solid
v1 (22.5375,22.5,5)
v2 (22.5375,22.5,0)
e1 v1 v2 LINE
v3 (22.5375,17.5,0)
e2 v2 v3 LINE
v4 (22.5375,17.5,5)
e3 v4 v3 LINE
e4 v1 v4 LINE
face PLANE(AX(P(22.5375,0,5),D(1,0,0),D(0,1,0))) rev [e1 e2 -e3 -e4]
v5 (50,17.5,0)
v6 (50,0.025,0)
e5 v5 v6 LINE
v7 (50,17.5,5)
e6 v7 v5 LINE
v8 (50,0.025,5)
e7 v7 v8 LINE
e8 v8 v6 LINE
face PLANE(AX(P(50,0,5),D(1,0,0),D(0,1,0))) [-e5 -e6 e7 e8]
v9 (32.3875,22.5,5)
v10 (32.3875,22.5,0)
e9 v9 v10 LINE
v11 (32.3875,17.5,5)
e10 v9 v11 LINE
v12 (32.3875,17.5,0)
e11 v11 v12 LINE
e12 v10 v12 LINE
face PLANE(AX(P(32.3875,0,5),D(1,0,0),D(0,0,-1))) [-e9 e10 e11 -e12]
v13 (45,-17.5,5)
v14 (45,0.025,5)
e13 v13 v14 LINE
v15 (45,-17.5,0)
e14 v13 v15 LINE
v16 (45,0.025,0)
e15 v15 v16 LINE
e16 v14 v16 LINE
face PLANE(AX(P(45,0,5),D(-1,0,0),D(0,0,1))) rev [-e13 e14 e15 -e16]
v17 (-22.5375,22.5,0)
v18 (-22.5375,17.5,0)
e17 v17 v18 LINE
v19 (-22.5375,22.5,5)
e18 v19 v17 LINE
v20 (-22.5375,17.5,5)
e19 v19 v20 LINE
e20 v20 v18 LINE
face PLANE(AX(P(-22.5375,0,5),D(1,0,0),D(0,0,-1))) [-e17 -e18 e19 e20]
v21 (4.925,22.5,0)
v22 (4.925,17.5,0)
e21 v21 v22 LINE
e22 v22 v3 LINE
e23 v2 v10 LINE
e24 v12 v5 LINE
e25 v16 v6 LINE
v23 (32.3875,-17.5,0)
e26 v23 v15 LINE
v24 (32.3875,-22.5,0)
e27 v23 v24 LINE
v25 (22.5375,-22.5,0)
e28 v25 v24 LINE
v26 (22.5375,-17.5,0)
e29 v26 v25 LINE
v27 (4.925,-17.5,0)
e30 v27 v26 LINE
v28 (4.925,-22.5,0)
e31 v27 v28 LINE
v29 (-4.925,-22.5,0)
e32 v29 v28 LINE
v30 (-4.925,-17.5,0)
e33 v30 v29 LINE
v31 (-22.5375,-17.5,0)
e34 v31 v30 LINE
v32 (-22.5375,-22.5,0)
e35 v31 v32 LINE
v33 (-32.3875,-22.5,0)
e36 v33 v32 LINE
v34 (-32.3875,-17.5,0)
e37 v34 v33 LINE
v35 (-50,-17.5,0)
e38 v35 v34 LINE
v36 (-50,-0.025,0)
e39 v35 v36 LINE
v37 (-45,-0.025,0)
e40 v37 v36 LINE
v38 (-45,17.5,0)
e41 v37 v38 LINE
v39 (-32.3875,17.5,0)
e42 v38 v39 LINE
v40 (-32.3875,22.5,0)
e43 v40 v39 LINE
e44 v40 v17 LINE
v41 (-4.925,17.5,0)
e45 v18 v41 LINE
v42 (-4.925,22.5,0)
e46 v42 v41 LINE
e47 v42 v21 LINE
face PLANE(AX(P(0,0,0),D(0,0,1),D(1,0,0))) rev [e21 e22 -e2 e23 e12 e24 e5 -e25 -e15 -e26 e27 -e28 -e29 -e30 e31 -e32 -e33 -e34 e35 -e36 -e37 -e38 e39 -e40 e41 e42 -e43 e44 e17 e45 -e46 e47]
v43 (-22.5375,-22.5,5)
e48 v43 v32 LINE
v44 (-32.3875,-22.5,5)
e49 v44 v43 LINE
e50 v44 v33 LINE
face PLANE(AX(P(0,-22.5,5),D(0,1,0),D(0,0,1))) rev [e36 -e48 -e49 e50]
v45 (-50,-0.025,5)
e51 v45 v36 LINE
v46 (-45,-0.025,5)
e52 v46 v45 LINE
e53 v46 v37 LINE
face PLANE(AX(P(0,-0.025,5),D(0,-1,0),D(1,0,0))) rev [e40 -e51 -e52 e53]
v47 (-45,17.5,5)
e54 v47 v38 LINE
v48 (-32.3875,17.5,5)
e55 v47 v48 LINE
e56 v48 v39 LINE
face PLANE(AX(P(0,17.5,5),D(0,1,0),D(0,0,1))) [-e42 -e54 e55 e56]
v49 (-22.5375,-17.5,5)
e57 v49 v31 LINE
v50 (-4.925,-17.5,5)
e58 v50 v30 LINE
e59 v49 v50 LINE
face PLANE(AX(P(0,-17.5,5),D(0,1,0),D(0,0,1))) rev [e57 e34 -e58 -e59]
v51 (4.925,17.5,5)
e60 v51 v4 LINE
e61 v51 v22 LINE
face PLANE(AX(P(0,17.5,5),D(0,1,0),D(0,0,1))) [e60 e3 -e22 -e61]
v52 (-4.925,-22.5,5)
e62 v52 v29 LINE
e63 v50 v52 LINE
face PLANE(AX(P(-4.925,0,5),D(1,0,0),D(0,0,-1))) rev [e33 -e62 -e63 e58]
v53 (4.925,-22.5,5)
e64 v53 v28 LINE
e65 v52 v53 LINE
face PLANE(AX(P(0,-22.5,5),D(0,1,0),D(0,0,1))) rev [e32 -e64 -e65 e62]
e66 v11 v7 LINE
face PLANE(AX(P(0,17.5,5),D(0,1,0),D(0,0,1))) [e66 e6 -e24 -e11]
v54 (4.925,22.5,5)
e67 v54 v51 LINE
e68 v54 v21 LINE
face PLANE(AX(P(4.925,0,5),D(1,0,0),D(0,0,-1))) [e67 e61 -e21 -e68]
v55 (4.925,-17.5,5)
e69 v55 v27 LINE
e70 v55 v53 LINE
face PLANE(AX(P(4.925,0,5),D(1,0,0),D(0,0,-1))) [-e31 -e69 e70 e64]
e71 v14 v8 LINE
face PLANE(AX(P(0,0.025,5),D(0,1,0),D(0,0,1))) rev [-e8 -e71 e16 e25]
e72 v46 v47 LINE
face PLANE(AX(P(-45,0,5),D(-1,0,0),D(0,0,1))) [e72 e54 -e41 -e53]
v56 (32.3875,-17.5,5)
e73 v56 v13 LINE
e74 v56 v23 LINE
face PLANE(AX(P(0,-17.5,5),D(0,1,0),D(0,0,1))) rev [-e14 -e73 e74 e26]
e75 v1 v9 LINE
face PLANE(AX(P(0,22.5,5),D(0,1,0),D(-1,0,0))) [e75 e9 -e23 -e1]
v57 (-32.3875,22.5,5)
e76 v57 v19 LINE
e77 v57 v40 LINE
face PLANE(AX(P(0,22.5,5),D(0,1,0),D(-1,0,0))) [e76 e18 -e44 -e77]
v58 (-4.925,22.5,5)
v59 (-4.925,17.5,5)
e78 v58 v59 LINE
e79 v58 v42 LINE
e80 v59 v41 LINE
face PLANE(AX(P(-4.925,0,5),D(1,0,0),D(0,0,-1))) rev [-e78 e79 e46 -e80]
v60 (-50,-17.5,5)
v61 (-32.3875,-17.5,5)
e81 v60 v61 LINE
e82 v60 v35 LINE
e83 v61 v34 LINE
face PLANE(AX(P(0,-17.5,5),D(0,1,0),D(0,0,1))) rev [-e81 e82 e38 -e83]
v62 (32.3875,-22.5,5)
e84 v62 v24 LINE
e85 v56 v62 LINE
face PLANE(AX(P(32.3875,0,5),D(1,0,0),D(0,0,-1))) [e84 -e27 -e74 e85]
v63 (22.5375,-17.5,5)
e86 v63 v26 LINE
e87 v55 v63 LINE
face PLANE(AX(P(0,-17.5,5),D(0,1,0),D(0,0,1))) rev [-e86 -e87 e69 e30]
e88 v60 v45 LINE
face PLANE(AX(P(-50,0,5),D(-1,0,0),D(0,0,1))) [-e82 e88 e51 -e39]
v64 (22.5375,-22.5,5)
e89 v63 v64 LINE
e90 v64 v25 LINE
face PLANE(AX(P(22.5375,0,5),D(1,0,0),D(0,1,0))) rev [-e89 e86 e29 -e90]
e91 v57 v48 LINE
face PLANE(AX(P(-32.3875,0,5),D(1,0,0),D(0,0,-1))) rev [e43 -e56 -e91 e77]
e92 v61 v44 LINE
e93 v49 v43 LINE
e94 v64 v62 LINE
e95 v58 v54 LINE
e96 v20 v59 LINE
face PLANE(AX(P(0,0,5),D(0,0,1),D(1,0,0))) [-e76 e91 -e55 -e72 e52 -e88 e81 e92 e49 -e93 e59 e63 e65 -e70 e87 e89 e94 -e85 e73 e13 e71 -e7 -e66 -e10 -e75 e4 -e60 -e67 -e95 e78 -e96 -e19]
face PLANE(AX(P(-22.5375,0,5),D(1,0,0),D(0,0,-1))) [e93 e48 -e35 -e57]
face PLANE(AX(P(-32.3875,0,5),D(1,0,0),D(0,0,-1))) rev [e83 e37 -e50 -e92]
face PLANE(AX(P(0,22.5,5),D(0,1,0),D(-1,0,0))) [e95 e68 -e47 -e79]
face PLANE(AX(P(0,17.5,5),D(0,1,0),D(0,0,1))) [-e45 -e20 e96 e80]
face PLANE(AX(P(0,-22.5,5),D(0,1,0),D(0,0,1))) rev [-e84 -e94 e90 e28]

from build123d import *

# Parameters (mm, degrees)
SKETCH2_W           = 90
SKETCH2_H           = 35
SKETCH2_W_2         = 5
SKETCH2_H_2         = 17.475
SKETCH2_W_3         = 9.85
SKETCH2_H_3         = 5
BOSS_EXTRUDE1_DEPTH = 5


with BuildPart() as part:
    # Sketch2 → Boss-Extrude1 (new body)
    with BuildSketch(Plane.XY):
        Rectangle(SKETCH2_W, SKETCH2_H)
        with Locations((-47.5, -8.7625)):
            Rectangle(SKETCH2_W_2, SKETCH2_H_2)
        with Locations((-27.4625, 20)):
            Rectangle(SKETCH2_W_3, SKETCH2_H_3)
        with Locations((0, 20)):
            Rectangle(SKETCH2_W_3, SKETCH2_H_3)
        with Locations((27.4625, 20)):
            Rectangle(SKETCH2_W_3, SKETCH2_H_3)
        with Locations((47.5, 8.7625)):
            Rectangle(SKETCH2_W_2, SKETCH2_H_2)
        with Locations((27.4625, -20)):
            Rectangle(SKETCH2_W_3, SKETCH2_H_3)
        with Locations((0, -20)):
            Rectangle(SKETCH2_W_3, SKETCH2_H_3)
        with Locations((-27.4625, -20)):
            Rectangle(SKETCH2_W_3, SKETCH2_H_3)
    extrude(amount=BOSS_EXTRUDE1_DEPTH)


solid = part.part
